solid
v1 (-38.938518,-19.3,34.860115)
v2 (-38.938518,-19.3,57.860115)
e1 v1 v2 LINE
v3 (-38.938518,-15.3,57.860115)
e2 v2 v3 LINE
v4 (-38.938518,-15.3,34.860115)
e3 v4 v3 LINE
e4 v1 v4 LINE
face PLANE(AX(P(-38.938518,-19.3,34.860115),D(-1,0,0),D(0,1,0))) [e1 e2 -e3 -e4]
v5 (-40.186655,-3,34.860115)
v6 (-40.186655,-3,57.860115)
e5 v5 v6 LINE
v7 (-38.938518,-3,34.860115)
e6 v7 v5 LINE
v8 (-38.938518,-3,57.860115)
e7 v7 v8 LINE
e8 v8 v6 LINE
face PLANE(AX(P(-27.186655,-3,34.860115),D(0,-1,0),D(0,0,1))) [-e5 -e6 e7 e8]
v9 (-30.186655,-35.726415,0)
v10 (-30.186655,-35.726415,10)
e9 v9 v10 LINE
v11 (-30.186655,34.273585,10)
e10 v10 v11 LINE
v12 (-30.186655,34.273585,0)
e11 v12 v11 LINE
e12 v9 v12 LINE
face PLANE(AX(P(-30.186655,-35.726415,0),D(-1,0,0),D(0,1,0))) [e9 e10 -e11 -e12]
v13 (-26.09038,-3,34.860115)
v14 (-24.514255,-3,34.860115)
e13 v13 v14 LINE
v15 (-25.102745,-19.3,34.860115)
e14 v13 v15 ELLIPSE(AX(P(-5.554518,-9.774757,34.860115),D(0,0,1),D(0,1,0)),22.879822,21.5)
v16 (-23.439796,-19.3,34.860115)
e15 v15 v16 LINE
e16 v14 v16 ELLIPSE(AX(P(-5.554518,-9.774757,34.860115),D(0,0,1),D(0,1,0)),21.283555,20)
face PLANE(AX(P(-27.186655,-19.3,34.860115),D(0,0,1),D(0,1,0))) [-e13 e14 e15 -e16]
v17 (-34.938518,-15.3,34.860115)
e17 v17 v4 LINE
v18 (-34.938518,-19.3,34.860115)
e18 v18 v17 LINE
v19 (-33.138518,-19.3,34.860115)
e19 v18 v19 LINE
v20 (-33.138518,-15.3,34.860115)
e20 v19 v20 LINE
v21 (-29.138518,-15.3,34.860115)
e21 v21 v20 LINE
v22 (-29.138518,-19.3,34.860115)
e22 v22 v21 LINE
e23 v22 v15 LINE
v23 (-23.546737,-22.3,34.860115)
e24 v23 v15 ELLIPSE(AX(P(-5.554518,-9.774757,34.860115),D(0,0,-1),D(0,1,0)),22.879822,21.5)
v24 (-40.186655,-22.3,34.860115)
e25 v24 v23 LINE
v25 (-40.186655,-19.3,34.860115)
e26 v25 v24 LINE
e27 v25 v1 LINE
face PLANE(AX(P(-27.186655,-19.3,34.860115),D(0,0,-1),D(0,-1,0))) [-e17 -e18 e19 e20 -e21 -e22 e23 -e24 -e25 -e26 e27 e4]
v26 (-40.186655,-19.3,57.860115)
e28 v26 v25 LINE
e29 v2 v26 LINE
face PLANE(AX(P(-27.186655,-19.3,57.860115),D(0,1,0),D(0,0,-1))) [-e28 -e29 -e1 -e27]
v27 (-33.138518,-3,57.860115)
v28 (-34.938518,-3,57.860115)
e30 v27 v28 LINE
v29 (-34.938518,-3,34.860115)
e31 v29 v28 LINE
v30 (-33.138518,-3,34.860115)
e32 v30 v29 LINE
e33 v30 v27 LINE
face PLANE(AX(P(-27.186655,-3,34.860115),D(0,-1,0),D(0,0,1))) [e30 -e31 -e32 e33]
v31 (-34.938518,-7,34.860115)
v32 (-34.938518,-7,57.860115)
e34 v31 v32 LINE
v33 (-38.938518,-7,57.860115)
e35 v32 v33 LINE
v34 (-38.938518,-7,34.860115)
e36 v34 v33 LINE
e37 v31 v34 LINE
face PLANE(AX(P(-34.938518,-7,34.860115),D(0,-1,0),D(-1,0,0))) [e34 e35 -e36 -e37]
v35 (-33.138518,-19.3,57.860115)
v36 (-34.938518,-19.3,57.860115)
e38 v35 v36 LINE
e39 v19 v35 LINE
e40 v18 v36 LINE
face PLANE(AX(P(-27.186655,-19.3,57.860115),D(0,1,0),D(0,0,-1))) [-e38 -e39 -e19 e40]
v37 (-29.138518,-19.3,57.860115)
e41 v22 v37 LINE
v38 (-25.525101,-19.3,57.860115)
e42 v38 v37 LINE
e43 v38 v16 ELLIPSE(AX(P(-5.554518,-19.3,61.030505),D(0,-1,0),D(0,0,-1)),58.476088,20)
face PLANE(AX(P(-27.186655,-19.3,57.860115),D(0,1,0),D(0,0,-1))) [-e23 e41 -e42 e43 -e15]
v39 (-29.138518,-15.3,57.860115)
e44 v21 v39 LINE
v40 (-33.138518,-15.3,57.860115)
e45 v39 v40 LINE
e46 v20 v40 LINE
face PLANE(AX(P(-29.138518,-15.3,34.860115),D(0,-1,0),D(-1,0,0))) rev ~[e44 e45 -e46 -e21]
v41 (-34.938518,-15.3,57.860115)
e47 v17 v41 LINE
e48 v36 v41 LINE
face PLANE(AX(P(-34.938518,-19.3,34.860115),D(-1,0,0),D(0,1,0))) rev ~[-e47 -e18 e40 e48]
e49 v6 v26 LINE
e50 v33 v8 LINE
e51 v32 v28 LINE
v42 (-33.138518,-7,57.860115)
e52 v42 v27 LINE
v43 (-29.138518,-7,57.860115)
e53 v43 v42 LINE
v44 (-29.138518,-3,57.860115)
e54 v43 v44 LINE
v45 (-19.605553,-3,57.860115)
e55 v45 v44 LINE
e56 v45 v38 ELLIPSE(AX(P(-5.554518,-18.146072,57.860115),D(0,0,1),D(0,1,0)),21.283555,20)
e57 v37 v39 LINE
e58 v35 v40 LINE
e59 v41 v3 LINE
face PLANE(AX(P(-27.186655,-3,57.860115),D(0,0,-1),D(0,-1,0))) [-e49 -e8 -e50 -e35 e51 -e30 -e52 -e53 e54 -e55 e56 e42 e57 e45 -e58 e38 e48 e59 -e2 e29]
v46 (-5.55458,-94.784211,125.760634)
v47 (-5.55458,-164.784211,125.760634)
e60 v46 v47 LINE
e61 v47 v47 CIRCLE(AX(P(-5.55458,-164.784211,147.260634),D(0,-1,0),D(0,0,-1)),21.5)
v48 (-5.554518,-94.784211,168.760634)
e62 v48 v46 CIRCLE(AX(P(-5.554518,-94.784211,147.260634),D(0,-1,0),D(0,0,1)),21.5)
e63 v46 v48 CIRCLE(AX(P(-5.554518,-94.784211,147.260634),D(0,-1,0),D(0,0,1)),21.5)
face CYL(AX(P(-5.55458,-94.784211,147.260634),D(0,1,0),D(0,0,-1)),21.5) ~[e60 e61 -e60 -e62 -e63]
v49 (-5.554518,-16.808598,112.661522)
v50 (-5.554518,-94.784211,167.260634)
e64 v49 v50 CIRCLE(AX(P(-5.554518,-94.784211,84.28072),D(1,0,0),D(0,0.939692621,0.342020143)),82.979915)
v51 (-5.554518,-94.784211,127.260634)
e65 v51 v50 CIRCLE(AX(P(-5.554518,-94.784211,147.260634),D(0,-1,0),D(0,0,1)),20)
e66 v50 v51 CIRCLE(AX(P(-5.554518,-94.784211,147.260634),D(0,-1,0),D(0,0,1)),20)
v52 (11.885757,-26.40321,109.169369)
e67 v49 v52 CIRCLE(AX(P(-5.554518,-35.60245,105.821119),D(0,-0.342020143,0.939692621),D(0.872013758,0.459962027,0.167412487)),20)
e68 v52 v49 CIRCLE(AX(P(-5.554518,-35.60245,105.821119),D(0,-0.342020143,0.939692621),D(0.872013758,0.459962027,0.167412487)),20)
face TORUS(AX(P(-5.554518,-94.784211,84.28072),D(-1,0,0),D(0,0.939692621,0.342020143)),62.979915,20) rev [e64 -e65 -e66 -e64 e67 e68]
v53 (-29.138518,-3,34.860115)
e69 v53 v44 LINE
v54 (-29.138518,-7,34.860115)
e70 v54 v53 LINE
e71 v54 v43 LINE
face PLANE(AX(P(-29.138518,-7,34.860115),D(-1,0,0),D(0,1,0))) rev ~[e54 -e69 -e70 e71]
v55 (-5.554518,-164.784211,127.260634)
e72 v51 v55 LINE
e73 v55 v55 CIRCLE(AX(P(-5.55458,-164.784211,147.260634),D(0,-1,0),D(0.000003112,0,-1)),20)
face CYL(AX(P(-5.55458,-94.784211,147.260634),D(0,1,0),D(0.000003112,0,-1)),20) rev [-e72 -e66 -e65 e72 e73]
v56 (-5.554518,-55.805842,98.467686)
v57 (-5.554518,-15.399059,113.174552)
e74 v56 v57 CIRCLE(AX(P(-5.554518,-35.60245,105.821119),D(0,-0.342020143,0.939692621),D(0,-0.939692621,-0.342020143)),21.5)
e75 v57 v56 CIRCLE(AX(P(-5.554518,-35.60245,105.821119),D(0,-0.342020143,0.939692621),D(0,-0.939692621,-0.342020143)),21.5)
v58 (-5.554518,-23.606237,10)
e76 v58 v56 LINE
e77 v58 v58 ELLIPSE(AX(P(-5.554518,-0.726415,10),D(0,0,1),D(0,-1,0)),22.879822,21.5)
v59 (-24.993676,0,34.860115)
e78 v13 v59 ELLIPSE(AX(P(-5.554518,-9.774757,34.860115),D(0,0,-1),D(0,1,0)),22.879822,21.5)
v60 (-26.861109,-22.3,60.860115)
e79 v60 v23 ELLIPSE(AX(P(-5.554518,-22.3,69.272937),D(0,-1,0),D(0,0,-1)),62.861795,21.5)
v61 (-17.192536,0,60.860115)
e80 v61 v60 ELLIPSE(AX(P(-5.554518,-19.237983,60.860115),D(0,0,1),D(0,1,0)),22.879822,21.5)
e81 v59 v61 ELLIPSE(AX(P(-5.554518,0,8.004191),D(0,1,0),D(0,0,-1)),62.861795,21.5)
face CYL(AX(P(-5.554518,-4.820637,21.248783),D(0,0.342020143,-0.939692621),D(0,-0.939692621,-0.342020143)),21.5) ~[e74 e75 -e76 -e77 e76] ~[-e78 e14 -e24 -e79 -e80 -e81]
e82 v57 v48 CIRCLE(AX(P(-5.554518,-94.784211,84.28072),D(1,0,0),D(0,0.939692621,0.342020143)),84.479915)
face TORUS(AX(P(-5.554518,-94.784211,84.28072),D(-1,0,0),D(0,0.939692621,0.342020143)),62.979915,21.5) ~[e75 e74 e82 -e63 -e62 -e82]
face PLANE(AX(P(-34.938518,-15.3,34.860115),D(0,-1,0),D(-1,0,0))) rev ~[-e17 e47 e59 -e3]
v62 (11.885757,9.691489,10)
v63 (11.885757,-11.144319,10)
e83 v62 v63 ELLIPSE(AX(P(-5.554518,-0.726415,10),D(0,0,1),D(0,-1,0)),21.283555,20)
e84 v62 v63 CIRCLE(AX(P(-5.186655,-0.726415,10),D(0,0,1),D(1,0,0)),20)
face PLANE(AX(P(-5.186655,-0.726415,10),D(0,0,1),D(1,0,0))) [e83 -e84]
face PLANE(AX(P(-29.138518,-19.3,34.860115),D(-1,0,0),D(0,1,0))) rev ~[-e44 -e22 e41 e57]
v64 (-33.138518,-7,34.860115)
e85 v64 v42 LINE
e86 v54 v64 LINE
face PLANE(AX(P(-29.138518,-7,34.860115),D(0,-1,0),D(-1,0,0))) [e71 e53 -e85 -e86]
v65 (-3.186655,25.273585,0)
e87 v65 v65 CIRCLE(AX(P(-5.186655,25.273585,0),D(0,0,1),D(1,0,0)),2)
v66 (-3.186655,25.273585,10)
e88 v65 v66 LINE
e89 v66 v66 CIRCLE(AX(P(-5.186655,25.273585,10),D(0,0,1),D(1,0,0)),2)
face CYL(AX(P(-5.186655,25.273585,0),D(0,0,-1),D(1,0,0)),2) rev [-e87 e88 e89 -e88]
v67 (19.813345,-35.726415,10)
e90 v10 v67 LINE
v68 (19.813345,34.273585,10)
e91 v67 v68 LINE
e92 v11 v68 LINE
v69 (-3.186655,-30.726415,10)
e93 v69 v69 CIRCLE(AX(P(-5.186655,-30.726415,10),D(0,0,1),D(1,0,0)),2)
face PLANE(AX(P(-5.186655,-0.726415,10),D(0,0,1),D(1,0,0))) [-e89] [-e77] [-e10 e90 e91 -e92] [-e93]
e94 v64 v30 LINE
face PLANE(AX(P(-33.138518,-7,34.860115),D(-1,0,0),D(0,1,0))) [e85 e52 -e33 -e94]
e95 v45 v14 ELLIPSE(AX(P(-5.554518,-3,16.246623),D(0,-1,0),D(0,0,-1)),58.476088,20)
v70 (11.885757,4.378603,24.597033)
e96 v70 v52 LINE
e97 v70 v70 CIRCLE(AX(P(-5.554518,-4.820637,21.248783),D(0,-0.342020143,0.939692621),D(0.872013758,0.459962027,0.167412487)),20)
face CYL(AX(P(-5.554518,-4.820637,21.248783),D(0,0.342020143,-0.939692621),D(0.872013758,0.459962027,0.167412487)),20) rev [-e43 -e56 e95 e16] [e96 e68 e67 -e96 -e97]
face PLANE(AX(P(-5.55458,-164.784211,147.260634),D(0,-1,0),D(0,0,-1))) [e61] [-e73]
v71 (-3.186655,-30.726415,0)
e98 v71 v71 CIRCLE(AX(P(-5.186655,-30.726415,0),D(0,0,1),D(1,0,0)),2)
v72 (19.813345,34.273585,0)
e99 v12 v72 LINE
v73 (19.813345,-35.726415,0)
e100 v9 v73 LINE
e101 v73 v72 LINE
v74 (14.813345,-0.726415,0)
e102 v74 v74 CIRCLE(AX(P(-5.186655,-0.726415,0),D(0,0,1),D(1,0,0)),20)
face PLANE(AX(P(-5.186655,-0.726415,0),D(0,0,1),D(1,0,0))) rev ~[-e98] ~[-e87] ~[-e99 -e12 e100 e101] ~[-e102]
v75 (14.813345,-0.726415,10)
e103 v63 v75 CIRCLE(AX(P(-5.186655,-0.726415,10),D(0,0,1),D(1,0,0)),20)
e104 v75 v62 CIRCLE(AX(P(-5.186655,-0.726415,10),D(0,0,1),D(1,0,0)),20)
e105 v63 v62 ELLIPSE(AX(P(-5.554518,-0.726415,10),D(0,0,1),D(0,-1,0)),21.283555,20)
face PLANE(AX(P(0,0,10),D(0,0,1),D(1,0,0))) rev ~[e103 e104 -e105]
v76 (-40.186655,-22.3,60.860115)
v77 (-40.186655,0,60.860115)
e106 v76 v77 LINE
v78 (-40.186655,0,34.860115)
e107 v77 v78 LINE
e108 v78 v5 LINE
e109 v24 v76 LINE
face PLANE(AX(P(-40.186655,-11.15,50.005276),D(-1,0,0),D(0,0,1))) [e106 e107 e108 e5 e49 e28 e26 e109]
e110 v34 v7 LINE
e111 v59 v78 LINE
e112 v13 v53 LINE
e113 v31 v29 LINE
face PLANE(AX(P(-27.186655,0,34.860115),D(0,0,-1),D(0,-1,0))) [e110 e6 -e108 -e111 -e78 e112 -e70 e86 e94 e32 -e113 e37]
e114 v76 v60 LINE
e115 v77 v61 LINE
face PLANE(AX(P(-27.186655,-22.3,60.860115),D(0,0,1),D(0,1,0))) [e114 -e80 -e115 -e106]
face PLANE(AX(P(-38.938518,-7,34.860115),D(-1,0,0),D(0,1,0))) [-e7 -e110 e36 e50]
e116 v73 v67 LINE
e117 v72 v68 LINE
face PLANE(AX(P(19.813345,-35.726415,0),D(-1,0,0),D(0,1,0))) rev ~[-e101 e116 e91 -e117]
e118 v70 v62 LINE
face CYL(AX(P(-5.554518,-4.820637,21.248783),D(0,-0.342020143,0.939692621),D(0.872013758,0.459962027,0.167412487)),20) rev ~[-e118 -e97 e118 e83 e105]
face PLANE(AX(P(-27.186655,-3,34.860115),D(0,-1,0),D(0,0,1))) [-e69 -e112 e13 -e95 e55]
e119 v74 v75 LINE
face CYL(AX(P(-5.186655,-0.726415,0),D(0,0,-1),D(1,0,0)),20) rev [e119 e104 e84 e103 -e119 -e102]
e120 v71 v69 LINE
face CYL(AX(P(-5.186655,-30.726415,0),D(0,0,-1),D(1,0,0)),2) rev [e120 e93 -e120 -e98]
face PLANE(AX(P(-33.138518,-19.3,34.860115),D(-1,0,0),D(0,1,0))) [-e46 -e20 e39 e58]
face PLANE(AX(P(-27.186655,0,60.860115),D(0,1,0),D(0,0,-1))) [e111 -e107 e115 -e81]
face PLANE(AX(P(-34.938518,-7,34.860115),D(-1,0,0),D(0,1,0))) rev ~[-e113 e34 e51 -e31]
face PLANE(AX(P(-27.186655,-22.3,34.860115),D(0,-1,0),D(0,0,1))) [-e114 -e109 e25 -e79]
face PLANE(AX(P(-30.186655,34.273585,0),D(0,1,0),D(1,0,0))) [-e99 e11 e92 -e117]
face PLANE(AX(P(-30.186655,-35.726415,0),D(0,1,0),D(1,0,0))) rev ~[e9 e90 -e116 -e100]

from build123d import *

# Parameters (mm, degrees)
ESQUISSE1_W                         = 50
ESQUISSE1_H                         = 70
ESQUISSE1_R                         = 2
ESQUISSE1_R_2                       = 20
BOSS_EXTRU_1_DEPTH                  = 10
BOSS_EXTRU_2_REACH                  = 57.317
ESQUISSE13_R                        = 21.5
ESQUISSE13_R_2                      = 20
BOSS_EXTRU_2_DIRECTION_2_DEPTH      = 90
ESQUISSE19_R                        = 21.5
ESQUISSE19_R_2                      = 20
R_VOLUTION5_ANGLE                   = 70
ESQUISSE23_R                        = 21.5
ESQUISSE23_R_2                      = 20
BOSS_EXTRU_3_DEPTH                  = 70
ESQUISSE24_W                        = 23
ESQUISSE24_H                        = 16.3
ENL_V_MAT_EXTRU_1_DEPTH             = 10
BOSS_EXTRU_4_DEPTH                  = 13
BOSS_EXTRU_4_DIRECTION_2_REACH      = 242.506
BOSS_EXTRU_4_DIRECTION_2_END_RADIUS = 21.5
ESQUISSE28_W                        = 4
ESQUISSE28_H                        = 4
BOSS_EXTRU_5_DEPTH                  = 23


with BuildPart() as part:
    # Esquisse1 → Boss.-Extru.1 (new body)
    with BuildSketch(Plane.XY):
        with Locations((-5.186655458, -0.726415094)):
            Rectangle(ESQUISSE1_W, ESQUISSE1_H)
        with Locations((-5.186655458, 25.273584906)):
            Circle(ESQUISSE1_R, mode=Mode.SUBTRACT)
        with Locations((-5.186655458, -30.726415094)):
            Circle(ESQUISSE1_R, mode=Mode.SUBTRACT)
        with Locations((-5.186655458, -0.726415094)):
            Circle(ESQUISSE1_R_2, mode=Mode.SUBTRACT)
    extrude(amount=BOSS_EXTRU_1_DEPTH)

    # Boss.-Extru.2: up to this plane
    boss_extru_2_end = Plane(origin=(0, 0, 10), z_dir=(0, 0, 1))
    # Esquisse13 → Boss.-Extru.2 (add, up to the surface)
    with BuildSketch(Plane(origin=(0, -7.393134718, 20.312470696), x_dir=(1, 0, 0), z_dir=(0, -0.34202014332566283, 0.9396926207859106)), mode=Mode.PRIVATE) as boss_extru_2_sk1:
        with Locations(Location((-5.554517745, 2.737594529, 0), (0, 0, 270))):
            Circle(ESQUISSE13_R)
        with Locations(Location((-5.554517745, 2.737594529, 0), (0, 0, 29.306498897))):
            Circle(ESQUISSE13_R_2, mode=Mode.SUBTRACT)
    boss_extru_2_tool1 = split(extrude(boss_extru_2_sk1.sketch, amount=-BOSS_EXTRU_2_REACH, mode=Mode.PRIVATE), bisect_by=boss_extru_2_end, keep=Keep.BOTH, mode=Mode.PRIVATE)
    add(boss_extru_2_tool1.solids().sort_by_distance((-5.554518, 14.811316, 28.39423))[0])

    # Esquisse13 → Boss.-Extru.2 direction 2 (add)
    with BuildSketch(Plane(origin=(0, -7.393134718, 20.312470696), x_dir=(1, 0, 0), z_dir=(0, -0.34202014332566283, 0.9396926207859106))):
        with Locations(Location((-5.554517745, 2.737594529, 0), (0, 0, 270))):
            Circle(ESQUISSE13_R)
        with Locations(Location((-5.554517745, 2.737594529, 0), (0, 0, 29.306498897))):
            Circle(ESQUISSE13_R_2, mode=Mode.SUBTRACT)
    extrude(amount=BOSS_EXTRU_2_DIRECTION_2_DEPTH)

    # Esquisse19 → Révolution5 (revolve)
    with BuildSketch(Plane(origin=(0, -38.174947617, 104.884806567), x_dir=(1, 0, 0), z_dir=(0, -0.34202014332566294, 0.9396926207859106))):
        with Locations(Location((-5.554517745, 2.737594529, 0), (0, 0, 90))):
            Circle(ESQUISSE19_R)
        with Locations(Location((-5.554517745, 2.737594529, 0), (0, 0, 90))):
            Circle(ESQUISSE19_R_2, mode=Mode.SUBTRACT)
    revolve(axis=Axis((-5.554579986, -94.784211414, 84.280719561), (1, 0, 0)), revolution_arc=R_VOLUTION5_ANGLE)

    # Esquisse23 → Boss.-Extru.3 (add)
    with BuildSketch(Plane.XZ.offset(94.784211414)):
        with Locations(Location((-5.554579986, 147.260634339, 0), (0, 0, 270))):
            Circle(ESQUISSE23_R)
        with Locations(Location((-5.554579986, 147.260634339, 0), (0, 0, 270.000178307))):
            Circle(ESQUISSE23_R_2, mode=Mode.SUBTRACT)
    extrude(amount=BOSS_EXTRU_3_DEPTH)

    # Esquisse24 → Enlèv. mat.-Extru.1 (cut)
    with BuildSketch(Plane.ZY.offset(27.186655458)):
        with Locations((46.360115203, -11.15)):
            Rectangle(ESQUISSE24_W, ESQUISSE24_H)
    extrude(amount=-ENL_V_MAT_EXTRU_1_DEPTH, mode=Mode.SUBTRACT)



with BuildPart() as body_2:
    # Esquisse27 → Boss.-Extru.4 (new body)
    with BuildSketch(Plane.ZY.offset(27.186655458)):
        Polygon((60.860115203, 0), (34.860115203, 0), (34.860115203, -3), (57.860115203, -3), (57.860115203, -19.3), (34.860115203, -19.3), (34.860115203, -22.3), (60.860115203, -22.3), align=None)
    extrude(amount=BOSS_EXTRU_4_DEPTH)

    # Boss.-Extru.4 direction 2: up to this cylinder (the profile starts outside it)
    boss_extru_4_direction_2_end = Plane(origin=(-5.554517745, -12.849515831, 43.307945529), z_dir=(0, 0.34202014332566283, -0.9396926207859105)) * Cylinder(BOSS_EXTRU_4_DIRECTION_2_END_RADIUS, 529.012, mode=Mode.PRIVATE)
    # Esquisse27 → Boss.-Extru.4 direction 2 (add, up to the surface)
    with BuildSketch(Plane.ZY.offset(27.186655458), mode=Mode.PRIVATE) as boss_extru_4_direction_2_sk1:
        Polygon((60.860115203, 0), (34.860115203, 0), (34.860115203, -3), (57.860115203, -3), (57.860115203, -19.3), (34.860115203, -19.3), (34.860115203, -22.3), (60.860115203, -22.3), align=None)
    boss_extru_4_direction_2_tool1 = extrude(boss_extru_4_direction_2_sk1.sketch, amount=-BOSS_EXTRU_4_DIRECTION_2_REACH, mode=Mode.PRIVATE) - boss_extru_4_direction_2_end
    add(boss_extru_4_direction_2_tool1.solids().sort_by_distance((-27.186655, -0.342533, 47.860115))[0])


with BuildPart() as part_1:
    add(part.part)

    add(body_2.part)  # Boss.-Extru.5 merges body 2
    # Esquisse28 → Boss.-Extru.5 (add)
    with BuildSketch(Plane(origin=(0, 0, 34.860115203), x_dir=(-1, 0, 0), z_dir=(0, 0, -1))):
        with Locations((31.138517686, -5)):
            Rectangle(ESQUISSE28_W, ESQUISSE28_H)
        with Locations((36.938517686, -5)):
            Rectangle(ESQUISSE28_W, ESQUISSE28_H)
        with Locations((31.138517686, -17.3)):
            Rectangle(ESQUISSE28_W, ESQUISSE28_H)
        with Locations((36.938517686, -17.3)):
            Rectangle(ESQUISSE28_W, ESQUISSE28_H)
    extrude(amount=-BOSS_EXTRU_5_DEPTH)


solid = part_1.part
